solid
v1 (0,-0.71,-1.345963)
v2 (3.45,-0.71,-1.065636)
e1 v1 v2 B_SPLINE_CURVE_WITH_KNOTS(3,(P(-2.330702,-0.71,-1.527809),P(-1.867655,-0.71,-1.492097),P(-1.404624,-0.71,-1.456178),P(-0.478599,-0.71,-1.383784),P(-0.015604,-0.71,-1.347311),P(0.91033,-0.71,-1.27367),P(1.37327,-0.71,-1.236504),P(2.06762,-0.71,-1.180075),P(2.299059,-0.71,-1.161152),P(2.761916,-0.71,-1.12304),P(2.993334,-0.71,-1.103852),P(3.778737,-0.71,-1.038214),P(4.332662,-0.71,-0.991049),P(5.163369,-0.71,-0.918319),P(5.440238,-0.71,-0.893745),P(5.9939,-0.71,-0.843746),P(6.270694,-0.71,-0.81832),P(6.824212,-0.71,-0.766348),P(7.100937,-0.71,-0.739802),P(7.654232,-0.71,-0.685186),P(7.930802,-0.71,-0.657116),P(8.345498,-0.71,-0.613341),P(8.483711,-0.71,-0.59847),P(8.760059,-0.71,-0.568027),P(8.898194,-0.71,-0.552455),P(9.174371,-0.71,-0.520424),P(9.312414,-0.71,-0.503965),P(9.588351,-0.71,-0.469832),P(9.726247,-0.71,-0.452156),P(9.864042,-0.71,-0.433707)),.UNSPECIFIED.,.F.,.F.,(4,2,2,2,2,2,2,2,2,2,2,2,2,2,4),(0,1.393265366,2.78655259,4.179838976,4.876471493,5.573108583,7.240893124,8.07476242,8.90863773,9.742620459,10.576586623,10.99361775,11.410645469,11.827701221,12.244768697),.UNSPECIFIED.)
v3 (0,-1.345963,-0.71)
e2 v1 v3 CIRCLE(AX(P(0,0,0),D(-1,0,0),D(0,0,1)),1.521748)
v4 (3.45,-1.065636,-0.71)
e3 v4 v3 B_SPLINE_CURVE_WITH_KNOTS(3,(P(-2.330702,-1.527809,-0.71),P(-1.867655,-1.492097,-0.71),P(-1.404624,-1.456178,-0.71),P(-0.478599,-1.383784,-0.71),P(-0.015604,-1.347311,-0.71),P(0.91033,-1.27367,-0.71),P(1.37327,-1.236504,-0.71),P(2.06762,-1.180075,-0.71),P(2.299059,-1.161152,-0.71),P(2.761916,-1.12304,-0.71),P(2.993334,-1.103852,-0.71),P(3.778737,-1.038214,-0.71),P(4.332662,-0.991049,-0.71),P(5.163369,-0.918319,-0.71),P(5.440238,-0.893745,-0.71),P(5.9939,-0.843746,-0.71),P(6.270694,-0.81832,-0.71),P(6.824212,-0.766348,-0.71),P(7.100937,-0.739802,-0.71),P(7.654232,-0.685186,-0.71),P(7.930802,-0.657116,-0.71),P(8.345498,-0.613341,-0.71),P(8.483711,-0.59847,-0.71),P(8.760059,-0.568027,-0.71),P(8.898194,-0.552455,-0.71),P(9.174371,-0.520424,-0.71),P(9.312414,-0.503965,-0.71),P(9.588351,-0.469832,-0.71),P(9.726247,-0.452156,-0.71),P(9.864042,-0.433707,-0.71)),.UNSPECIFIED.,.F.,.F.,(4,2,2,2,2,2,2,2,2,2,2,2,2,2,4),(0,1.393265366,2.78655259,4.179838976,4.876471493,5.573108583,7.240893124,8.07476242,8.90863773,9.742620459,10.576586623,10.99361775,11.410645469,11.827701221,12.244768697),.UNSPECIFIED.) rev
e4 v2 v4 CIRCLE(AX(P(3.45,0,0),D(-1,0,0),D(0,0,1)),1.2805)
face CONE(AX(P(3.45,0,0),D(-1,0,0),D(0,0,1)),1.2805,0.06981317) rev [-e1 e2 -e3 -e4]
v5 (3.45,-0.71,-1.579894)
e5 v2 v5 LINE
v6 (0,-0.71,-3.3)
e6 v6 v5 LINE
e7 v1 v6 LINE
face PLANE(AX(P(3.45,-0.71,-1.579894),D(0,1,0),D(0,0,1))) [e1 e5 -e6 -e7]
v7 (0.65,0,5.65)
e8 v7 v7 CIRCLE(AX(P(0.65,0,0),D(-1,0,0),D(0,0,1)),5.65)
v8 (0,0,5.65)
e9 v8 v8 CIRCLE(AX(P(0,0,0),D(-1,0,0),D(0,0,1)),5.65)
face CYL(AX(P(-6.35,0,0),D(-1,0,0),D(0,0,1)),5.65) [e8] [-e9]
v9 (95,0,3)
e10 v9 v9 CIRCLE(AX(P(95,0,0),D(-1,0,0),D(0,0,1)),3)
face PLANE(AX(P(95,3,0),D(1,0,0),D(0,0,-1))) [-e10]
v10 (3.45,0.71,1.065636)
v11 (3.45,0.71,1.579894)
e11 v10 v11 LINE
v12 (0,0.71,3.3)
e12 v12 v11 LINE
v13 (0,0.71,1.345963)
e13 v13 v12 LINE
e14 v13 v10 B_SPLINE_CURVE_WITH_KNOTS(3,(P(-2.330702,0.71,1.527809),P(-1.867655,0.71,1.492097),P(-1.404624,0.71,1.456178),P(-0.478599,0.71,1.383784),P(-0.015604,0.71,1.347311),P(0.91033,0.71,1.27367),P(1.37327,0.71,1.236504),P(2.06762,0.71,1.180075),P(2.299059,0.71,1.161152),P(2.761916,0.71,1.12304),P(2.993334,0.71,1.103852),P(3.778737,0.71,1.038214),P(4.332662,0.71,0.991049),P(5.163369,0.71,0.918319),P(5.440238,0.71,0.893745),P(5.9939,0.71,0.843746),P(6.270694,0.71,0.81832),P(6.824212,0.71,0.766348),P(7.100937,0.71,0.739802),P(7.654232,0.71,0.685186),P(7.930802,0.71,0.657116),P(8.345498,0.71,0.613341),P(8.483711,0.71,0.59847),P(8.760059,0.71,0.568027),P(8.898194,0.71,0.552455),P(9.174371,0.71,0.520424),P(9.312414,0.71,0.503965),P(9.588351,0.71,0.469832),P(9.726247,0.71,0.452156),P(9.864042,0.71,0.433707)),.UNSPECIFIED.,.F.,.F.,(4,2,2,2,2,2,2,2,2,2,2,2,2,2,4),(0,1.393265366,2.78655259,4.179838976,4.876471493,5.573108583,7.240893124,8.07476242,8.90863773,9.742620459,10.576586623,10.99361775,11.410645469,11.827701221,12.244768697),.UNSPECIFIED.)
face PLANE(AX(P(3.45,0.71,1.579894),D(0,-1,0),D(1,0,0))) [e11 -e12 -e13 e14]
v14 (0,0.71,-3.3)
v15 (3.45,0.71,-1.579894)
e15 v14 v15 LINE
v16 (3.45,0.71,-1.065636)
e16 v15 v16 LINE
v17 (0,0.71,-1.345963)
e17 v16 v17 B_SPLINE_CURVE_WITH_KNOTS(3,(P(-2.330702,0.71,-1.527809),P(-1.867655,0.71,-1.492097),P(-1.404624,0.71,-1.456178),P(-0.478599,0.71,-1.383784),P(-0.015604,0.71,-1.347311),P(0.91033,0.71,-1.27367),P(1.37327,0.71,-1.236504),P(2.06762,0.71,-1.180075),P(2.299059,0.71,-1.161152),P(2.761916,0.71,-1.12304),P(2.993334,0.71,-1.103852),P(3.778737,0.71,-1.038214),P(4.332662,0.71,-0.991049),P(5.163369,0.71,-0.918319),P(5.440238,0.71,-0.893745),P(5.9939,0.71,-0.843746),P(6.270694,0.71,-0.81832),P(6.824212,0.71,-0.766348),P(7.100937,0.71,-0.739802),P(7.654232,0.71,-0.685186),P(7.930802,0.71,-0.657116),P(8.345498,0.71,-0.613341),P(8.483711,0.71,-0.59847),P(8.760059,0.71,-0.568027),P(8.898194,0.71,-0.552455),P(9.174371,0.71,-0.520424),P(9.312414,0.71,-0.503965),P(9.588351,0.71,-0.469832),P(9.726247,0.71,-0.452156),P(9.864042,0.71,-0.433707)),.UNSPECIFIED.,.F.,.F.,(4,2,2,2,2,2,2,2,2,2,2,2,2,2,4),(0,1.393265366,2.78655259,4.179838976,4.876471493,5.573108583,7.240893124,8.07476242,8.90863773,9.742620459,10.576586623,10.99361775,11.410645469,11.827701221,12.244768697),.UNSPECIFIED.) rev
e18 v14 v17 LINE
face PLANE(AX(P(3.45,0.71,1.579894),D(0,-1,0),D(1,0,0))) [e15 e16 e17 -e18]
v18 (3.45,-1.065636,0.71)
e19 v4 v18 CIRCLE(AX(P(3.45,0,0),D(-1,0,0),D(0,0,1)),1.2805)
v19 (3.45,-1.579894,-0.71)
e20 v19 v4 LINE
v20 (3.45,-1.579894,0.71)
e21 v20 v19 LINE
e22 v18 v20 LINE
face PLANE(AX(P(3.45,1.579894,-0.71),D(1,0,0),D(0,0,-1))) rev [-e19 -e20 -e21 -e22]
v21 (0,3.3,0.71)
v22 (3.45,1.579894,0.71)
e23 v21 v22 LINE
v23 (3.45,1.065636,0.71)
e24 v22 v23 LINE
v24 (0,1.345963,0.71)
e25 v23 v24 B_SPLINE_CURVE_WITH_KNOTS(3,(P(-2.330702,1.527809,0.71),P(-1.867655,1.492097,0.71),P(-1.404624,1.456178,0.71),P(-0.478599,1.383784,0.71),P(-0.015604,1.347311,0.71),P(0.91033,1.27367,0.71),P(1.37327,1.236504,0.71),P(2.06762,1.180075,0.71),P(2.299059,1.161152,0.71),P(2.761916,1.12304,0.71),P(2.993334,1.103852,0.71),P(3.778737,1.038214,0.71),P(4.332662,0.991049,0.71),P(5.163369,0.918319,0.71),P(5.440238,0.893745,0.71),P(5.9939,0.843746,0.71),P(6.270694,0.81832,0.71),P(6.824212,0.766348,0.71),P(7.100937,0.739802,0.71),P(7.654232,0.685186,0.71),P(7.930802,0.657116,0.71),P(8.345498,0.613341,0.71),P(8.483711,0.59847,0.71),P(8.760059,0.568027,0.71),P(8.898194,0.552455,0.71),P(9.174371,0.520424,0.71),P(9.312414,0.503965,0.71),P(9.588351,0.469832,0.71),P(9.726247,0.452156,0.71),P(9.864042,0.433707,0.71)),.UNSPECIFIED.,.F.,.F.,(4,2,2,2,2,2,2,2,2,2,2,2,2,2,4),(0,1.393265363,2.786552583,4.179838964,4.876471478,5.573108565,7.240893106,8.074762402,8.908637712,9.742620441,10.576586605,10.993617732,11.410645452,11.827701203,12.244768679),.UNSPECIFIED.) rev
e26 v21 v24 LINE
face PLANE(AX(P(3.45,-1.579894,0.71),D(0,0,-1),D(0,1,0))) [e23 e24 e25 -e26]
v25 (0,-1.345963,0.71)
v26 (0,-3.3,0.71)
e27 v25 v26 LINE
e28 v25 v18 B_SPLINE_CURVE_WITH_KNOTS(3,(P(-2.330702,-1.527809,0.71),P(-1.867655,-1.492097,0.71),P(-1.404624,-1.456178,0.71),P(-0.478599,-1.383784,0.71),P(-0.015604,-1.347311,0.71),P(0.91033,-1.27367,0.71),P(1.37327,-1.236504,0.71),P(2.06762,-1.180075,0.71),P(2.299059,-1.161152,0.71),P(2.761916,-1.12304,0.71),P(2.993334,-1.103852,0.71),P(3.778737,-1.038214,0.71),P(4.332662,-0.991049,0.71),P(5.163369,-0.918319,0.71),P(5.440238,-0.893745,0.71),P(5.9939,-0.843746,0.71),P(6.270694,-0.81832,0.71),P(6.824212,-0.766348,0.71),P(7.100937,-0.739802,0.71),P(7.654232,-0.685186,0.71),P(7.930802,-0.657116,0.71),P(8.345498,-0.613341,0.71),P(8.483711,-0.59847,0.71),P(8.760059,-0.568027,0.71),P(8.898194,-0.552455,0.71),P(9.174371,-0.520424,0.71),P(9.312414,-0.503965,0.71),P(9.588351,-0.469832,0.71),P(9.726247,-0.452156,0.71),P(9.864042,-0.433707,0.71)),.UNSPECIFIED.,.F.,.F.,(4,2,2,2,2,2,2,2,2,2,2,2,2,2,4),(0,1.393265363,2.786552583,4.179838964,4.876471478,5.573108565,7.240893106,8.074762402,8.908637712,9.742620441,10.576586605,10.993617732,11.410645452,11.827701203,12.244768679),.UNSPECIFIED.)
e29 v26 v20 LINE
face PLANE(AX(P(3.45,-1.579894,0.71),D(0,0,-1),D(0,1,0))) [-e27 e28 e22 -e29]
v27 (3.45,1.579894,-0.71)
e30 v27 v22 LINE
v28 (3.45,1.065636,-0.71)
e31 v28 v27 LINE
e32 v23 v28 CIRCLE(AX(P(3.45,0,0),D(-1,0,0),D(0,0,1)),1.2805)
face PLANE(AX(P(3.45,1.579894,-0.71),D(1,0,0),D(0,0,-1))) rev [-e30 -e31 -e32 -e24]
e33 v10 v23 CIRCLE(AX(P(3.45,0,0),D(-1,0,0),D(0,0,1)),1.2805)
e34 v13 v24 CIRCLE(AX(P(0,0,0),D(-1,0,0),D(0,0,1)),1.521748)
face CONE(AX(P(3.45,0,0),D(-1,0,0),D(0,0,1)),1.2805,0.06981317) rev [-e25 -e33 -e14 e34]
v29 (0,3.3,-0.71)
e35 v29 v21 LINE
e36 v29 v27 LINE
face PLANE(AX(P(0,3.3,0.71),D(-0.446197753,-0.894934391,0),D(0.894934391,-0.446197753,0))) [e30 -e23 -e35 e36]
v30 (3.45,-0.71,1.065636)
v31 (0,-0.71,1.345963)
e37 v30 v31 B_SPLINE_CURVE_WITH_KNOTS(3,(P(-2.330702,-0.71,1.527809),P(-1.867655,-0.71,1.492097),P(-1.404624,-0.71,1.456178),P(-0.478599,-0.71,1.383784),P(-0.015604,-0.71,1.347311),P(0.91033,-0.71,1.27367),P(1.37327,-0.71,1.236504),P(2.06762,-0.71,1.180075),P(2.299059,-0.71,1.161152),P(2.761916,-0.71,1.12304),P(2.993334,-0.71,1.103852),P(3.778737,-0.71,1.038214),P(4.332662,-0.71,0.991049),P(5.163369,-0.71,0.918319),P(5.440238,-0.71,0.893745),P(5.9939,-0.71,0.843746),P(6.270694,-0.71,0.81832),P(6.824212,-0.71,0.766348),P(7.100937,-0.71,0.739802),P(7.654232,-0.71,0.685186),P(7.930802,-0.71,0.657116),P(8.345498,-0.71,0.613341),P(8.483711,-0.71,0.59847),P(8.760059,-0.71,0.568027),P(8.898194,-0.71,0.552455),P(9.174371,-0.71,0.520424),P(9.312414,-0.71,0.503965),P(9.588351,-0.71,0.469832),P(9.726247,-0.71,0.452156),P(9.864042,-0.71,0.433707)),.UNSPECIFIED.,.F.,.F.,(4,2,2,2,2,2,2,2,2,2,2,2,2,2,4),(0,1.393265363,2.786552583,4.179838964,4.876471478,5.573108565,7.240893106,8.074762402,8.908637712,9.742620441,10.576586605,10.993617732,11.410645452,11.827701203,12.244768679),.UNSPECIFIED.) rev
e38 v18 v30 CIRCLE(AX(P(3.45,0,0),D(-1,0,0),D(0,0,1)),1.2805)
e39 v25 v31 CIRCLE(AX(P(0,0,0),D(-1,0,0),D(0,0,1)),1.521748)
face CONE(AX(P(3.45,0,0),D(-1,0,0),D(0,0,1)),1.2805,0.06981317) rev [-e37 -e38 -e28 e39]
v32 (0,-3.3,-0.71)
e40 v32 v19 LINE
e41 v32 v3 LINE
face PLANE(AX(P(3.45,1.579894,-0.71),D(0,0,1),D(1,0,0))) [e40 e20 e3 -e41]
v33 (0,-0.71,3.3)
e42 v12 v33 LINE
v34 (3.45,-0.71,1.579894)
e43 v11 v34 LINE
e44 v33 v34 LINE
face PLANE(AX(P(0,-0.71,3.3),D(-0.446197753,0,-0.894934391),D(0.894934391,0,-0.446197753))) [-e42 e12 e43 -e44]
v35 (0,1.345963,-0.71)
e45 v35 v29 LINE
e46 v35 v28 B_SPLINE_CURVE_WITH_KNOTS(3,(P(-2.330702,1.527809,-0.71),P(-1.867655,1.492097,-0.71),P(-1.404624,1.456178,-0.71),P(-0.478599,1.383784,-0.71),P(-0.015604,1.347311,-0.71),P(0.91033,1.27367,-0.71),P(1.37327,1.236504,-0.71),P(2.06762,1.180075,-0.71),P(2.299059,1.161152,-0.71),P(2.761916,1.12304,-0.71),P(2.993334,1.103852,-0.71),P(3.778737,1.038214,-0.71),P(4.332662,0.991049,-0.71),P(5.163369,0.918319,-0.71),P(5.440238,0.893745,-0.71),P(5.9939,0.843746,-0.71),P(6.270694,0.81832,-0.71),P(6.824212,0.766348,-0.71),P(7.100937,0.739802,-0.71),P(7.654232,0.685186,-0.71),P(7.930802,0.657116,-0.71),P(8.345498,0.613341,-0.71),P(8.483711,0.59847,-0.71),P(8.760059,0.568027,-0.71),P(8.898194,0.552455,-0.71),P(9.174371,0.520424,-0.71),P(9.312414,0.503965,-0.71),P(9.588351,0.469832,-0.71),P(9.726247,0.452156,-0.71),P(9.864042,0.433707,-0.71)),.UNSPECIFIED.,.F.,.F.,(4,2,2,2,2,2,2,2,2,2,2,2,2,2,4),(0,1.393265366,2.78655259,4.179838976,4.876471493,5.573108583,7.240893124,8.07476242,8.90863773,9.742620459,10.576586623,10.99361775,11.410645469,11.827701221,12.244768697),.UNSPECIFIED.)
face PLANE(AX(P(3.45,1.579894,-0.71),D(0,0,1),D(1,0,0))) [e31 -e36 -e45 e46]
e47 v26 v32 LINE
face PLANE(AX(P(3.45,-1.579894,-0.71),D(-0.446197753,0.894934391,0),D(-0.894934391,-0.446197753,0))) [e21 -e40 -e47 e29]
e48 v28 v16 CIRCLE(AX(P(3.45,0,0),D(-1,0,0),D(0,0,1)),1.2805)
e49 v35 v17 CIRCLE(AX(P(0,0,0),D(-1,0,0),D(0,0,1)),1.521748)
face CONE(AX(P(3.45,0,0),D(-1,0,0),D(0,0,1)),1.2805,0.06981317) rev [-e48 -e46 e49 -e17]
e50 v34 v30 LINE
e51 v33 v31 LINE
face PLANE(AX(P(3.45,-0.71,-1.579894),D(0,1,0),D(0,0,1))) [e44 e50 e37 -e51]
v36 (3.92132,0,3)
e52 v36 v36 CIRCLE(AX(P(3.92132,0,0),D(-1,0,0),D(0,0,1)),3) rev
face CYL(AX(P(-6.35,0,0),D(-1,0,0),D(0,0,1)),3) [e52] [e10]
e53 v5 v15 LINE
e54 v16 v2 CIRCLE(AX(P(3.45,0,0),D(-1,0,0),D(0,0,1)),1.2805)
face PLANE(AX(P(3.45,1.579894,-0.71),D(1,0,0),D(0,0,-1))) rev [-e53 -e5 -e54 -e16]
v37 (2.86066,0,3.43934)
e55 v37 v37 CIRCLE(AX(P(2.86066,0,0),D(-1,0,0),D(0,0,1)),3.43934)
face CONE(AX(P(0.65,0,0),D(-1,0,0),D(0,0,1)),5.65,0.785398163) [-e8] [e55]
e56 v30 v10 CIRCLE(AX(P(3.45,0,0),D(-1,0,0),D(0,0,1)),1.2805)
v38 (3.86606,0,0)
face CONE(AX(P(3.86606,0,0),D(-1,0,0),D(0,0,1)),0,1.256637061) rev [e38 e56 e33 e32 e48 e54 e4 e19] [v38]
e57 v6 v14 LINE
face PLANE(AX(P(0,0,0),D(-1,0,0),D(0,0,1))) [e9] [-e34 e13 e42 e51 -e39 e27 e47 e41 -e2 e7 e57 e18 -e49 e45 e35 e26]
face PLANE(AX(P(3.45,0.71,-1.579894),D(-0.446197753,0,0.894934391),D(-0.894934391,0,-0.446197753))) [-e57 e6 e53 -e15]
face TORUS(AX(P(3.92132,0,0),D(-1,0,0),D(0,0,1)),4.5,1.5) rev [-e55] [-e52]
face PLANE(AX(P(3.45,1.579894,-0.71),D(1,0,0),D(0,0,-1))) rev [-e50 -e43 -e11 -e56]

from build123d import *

# Parameters (mm, degrees)
FILLET1_R    = 1.5
RECPAT_COUNT = 2
RECPAT_ANGLE = 90


with BuildPart() as part:
    # BodySke → Base-Revolve (revolve)
    with BuildSketch(Plane.XY, mode=Mode.PRIVATE) as base_revolve_sk:
        Polygon((0, 0), (0, 5.65), (0.65, 5.65), (3.3, 3), (95, 3), (95, 0), align=None)
    revolve(base_revolve_sk.sketch.rotate(Axis((-6.35, 0, 0), (1, 0, 0)), 90), axis=Axis((-6.35, 0, 0), (1, 0, 0)))

    # Fillet1
    fillet1_edges = [part.edges().sort_by_distance(p)[0] for p in [
        (3.3, 0, -3),
    ]]
    fillet(fillet1_edges, radius=FILLET1_R)

    # Sketch3 → Recess section 0
    with BuildSketch(Plane.ZY):
        with BuildLine():
            Line((-0.71, 3.3), (0.71, 3.3))
            Line((0.71, 3.3), (0.71, -3.3))
            Line((0.71, -3.3), (-0.71, -3.3))
            Line((-0.71, -3.3), (-0.71, 3.3))
        make_face()
    # Sketch4 → Recess section 1
    with BuildSketch(Plane.ZY.offset(-3.45)):
        with BuildLine():
            Line((-0.71, 1.57989374), (0.71, 1.57989374))
            Line((0.71, 1.57989374), (0.71, -1.57989374))
            Line((0.71, -1.57989374), (-0.71, -1.57989374))
            Line((-0.71, -1.57989374), (-0.71, 1.57989374))
        make_face()
    recess = loft(mode=Mode.SUBTRACT)

    # RecPat: Recess ×2 about axis
    recpat_axis = Axis((0, 0, 0), (1, 0, 0))
    for i in range(1, RECPAT_COUNT):
        add(recess.rotate(recpat_axis, i * RECPAT_ANGLE / (RECPAT_COUNT - 1)), mode=Mode.SUBTRACT)

    # RecCorSke → RecessCore (revolve, cut)
    with BuildSketch(Plane.XY, mode=Mode.PRIVATE) as recesscore_sk:
        Polygon((0, 0), (0, 1.521747501), (3.45, 1.2805), (3.866059671, 0), align=None)
    revolve(recesscore_sk.sketch.rotate(Axis((-3.175, 0, 0), (1, 0, 0)), 90), axis=Axis((-3.175, 0, 0), (1, 0, 0)), mode=Mode.SUBTRACT)


solid = part.part
